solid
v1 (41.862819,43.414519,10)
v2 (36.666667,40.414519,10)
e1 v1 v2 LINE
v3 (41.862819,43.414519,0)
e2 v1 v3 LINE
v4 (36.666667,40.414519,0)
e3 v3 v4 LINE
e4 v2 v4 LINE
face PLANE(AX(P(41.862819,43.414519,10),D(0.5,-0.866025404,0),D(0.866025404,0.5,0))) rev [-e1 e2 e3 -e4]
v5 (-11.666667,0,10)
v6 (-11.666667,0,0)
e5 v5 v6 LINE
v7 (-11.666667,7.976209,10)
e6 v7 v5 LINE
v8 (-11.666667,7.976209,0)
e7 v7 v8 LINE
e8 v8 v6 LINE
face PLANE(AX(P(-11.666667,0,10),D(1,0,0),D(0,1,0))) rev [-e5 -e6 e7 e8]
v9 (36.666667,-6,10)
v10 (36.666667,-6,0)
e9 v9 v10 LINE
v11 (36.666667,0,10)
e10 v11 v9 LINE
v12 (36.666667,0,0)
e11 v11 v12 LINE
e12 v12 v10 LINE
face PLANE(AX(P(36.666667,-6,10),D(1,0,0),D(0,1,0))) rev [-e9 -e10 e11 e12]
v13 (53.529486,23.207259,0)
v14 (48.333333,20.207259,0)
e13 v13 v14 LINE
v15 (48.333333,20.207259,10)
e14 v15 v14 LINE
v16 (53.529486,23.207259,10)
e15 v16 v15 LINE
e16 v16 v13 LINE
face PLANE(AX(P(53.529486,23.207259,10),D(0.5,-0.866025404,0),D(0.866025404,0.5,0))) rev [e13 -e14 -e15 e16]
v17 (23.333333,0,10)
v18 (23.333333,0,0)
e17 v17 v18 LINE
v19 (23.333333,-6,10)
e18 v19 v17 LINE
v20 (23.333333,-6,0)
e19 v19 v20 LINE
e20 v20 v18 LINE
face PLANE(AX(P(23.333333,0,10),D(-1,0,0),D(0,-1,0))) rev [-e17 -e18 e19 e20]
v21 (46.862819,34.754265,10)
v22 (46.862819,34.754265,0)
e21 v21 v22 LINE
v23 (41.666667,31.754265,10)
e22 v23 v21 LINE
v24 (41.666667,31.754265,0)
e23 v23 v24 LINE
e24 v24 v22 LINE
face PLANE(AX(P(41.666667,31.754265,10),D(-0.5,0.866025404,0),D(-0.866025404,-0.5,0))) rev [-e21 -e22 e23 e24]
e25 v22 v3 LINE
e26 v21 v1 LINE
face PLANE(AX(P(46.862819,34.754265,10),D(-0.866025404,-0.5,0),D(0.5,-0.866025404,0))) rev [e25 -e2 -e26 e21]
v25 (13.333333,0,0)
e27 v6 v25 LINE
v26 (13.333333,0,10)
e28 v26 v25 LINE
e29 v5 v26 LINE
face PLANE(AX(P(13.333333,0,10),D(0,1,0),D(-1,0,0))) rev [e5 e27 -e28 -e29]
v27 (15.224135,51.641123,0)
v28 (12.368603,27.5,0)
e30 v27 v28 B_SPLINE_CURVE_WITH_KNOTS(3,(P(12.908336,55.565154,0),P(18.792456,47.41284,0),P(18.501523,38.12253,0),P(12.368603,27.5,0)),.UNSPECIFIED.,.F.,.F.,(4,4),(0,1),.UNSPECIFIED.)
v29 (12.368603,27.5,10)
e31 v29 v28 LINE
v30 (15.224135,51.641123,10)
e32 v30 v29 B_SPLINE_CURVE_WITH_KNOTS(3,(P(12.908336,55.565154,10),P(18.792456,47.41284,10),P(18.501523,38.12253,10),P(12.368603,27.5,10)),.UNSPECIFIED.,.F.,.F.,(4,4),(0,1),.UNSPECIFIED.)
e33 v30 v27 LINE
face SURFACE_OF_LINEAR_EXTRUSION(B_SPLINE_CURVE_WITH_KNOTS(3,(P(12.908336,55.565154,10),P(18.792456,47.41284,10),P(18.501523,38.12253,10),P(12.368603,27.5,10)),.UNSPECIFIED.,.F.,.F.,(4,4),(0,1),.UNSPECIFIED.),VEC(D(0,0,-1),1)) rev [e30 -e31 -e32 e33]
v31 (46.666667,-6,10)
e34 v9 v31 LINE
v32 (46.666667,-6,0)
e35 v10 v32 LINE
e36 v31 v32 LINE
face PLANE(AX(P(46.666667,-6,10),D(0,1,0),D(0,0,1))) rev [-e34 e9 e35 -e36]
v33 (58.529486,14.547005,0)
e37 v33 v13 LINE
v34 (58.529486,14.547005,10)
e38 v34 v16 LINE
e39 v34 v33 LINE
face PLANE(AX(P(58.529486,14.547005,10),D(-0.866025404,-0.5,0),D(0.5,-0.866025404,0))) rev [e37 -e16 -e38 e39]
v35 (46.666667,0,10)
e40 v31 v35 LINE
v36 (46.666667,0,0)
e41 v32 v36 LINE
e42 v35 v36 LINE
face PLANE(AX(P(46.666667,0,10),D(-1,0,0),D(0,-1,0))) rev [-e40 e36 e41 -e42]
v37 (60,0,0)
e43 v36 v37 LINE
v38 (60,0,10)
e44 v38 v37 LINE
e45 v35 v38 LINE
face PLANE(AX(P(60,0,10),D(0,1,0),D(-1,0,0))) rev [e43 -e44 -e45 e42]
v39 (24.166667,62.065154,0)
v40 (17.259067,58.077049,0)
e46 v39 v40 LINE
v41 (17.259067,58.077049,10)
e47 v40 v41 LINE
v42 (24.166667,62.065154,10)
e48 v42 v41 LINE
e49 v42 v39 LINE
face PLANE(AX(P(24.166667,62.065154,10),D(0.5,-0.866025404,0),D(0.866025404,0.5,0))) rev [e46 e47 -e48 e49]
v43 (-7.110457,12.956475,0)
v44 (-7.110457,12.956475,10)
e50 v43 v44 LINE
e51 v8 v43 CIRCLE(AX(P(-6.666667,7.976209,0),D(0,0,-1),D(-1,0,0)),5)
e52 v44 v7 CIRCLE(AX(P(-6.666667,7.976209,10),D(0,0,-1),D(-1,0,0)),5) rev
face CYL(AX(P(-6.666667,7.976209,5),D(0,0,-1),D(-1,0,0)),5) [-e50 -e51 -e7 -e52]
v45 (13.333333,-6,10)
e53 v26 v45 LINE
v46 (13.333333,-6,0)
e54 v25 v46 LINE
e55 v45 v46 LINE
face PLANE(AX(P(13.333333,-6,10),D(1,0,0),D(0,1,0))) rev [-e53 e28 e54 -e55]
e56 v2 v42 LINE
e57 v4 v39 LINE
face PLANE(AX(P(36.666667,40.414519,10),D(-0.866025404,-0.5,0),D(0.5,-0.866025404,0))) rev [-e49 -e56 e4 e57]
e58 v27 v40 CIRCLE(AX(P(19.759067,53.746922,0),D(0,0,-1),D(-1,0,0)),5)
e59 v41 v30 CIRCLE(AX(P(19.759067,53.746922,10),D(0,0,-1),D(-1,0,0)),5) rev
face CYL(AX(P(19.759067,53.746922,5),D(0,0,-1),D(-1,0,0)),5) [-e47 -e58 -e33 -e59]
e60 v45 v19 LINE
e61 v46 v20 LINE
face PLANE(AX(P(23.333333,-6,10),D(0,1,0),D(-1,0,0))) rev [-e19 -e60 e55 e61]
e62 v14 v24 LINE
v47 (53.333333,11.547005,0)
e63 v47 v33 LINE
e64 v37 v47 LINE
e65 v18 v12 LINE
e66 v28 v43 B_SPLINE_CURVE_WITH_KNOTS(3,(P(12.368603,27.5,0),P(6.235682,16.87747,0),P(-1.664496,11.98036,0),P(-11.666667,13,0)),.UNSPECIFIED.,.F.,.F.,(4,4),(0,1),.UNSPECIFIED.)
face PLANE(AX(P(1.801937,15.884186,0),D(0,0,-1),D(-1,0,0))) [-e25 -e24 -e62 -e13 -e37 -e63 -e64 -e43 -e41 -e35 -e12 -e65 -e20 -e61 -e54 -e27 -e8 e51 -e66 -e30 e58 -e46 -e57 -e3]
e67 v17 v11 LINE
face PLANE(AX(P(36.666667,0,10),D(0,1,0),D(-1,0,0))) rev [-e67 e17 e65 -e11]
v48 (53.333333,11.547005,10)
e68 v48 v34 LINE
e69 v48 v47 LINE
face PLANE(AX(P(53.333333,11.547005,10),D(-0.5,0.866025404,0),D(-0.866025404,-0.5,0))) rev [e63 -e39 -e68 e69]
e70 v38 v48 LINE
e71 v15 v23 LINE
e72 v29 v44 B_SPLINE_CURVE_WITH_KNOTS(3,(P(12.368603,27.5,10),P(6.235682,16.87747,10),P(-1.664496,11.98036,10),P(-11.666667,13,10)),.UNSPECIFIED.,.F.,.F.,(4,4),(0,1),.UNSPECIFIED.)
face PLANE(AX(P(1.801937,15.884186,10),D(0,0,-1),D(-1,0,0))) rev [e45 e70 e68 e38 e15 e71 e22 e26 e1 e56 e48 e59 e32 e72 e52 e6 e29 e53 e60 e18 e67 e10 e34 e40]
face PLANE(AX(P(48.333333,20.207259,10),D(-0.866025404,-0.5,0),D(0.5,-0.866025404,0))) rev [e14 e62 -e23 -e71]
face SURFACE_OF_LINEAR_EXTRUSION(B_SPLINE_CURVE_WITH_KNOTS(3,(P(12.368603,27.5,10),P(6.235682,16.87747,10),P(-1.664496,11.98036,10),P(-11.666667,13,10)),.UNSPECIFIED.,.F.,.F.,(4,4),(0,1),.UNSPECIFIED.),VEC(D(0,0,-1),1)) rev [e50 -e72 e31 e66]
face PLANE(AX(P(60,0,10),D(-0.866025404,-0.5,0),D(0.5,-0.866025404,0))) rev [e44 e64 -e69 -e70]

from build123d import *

# Parameters (mm, degrees)
BOSS_EXTRUDE1_DEPTH = 10
FILLET1_R           = 5


with BuildPart() as part:
    # Sketch1 → Boss-Extrude1 (new body)
    with BuildSketch(Plane.XY):
        with BuildLine():
            Line((36.66666666, -6), (36.66666666, 0))
            Line((36.66666666, 0), (23.33333333, 0))
            Line((23.33333333, 0), (23.33333333, -6))
            Line((23.33333333, -6), (13.33333333, -6))
            Line((13.33333333, -6), (13.33333333, 0))
            Line((13.33333333, 0), (-11.66666667, 0))
            Line((-11.66666667, 0), (-11.66666667, 13))
            add(Edge.make_bspline(
                [(-11.66666667, 13), (-1.66449563, 11.980359681), (6.23568211, 16.877469798), (12.368602782, 27.5)],
                knots=[0, 0, 0, 0, 1, 1, 1, 1], degree=3))
            add(Edge.make_bspline(
                [(12.908336411, 55.565153932), (18.792456349, 47.412839878), (18.501523453, 38.122530202), (12.368602782, 27.5)],
                knots=[0, 0, 0, 0, 1, 1, 1, 1], degree=3))
            Line((12.908336411, 55.565153932), (24.16666666, 62.065153932))
            Line((24.16666666, 62.065153932), (36.66666666, 40.414518838))
            Line((36.66666666, 40.414518838), (41.862819083, 43.414518838))
            Line((41.862819083, 43.414518838), (46.862819083, 34.7542648))
            Line((46.862819083, 34.7542648), (41.66666666, 31.7542648))
            Line((41.66666666, 31.7542648), (48.333333325, 20.207259419))
            Line((48.333333325, 20.207259419), (53.529485748, 23.207259419))
            Line((53.529485748, 23.207259419), (58.529485748, 14.547005381))
            Line((58.529485748, 14.547005381), (53.333333325, 11.547005381))
            Line((53.333333325, 11.547005381), (59.99999999, 0))
            Line((59.99999999, 0), (46.66666666, 0))
            Line((46.66666666, 0), (46.66666666, -6))
            Line((46.66666666, -6), (36.66666666, -6))
        make_face()
    extrude(amount=BOSS_EXTRUDE1_DEPTH)

    # Fillet1
    fillet1_edges = [part.edges().sort_by_distance(p)[0] for p in [
        (-11.66666667, 13, 5),
        (12.908336411, 55.565153932, 5),
    ]]
    fillet(fillet1_edges, radius=FILLET1_R)


solid = part.part
